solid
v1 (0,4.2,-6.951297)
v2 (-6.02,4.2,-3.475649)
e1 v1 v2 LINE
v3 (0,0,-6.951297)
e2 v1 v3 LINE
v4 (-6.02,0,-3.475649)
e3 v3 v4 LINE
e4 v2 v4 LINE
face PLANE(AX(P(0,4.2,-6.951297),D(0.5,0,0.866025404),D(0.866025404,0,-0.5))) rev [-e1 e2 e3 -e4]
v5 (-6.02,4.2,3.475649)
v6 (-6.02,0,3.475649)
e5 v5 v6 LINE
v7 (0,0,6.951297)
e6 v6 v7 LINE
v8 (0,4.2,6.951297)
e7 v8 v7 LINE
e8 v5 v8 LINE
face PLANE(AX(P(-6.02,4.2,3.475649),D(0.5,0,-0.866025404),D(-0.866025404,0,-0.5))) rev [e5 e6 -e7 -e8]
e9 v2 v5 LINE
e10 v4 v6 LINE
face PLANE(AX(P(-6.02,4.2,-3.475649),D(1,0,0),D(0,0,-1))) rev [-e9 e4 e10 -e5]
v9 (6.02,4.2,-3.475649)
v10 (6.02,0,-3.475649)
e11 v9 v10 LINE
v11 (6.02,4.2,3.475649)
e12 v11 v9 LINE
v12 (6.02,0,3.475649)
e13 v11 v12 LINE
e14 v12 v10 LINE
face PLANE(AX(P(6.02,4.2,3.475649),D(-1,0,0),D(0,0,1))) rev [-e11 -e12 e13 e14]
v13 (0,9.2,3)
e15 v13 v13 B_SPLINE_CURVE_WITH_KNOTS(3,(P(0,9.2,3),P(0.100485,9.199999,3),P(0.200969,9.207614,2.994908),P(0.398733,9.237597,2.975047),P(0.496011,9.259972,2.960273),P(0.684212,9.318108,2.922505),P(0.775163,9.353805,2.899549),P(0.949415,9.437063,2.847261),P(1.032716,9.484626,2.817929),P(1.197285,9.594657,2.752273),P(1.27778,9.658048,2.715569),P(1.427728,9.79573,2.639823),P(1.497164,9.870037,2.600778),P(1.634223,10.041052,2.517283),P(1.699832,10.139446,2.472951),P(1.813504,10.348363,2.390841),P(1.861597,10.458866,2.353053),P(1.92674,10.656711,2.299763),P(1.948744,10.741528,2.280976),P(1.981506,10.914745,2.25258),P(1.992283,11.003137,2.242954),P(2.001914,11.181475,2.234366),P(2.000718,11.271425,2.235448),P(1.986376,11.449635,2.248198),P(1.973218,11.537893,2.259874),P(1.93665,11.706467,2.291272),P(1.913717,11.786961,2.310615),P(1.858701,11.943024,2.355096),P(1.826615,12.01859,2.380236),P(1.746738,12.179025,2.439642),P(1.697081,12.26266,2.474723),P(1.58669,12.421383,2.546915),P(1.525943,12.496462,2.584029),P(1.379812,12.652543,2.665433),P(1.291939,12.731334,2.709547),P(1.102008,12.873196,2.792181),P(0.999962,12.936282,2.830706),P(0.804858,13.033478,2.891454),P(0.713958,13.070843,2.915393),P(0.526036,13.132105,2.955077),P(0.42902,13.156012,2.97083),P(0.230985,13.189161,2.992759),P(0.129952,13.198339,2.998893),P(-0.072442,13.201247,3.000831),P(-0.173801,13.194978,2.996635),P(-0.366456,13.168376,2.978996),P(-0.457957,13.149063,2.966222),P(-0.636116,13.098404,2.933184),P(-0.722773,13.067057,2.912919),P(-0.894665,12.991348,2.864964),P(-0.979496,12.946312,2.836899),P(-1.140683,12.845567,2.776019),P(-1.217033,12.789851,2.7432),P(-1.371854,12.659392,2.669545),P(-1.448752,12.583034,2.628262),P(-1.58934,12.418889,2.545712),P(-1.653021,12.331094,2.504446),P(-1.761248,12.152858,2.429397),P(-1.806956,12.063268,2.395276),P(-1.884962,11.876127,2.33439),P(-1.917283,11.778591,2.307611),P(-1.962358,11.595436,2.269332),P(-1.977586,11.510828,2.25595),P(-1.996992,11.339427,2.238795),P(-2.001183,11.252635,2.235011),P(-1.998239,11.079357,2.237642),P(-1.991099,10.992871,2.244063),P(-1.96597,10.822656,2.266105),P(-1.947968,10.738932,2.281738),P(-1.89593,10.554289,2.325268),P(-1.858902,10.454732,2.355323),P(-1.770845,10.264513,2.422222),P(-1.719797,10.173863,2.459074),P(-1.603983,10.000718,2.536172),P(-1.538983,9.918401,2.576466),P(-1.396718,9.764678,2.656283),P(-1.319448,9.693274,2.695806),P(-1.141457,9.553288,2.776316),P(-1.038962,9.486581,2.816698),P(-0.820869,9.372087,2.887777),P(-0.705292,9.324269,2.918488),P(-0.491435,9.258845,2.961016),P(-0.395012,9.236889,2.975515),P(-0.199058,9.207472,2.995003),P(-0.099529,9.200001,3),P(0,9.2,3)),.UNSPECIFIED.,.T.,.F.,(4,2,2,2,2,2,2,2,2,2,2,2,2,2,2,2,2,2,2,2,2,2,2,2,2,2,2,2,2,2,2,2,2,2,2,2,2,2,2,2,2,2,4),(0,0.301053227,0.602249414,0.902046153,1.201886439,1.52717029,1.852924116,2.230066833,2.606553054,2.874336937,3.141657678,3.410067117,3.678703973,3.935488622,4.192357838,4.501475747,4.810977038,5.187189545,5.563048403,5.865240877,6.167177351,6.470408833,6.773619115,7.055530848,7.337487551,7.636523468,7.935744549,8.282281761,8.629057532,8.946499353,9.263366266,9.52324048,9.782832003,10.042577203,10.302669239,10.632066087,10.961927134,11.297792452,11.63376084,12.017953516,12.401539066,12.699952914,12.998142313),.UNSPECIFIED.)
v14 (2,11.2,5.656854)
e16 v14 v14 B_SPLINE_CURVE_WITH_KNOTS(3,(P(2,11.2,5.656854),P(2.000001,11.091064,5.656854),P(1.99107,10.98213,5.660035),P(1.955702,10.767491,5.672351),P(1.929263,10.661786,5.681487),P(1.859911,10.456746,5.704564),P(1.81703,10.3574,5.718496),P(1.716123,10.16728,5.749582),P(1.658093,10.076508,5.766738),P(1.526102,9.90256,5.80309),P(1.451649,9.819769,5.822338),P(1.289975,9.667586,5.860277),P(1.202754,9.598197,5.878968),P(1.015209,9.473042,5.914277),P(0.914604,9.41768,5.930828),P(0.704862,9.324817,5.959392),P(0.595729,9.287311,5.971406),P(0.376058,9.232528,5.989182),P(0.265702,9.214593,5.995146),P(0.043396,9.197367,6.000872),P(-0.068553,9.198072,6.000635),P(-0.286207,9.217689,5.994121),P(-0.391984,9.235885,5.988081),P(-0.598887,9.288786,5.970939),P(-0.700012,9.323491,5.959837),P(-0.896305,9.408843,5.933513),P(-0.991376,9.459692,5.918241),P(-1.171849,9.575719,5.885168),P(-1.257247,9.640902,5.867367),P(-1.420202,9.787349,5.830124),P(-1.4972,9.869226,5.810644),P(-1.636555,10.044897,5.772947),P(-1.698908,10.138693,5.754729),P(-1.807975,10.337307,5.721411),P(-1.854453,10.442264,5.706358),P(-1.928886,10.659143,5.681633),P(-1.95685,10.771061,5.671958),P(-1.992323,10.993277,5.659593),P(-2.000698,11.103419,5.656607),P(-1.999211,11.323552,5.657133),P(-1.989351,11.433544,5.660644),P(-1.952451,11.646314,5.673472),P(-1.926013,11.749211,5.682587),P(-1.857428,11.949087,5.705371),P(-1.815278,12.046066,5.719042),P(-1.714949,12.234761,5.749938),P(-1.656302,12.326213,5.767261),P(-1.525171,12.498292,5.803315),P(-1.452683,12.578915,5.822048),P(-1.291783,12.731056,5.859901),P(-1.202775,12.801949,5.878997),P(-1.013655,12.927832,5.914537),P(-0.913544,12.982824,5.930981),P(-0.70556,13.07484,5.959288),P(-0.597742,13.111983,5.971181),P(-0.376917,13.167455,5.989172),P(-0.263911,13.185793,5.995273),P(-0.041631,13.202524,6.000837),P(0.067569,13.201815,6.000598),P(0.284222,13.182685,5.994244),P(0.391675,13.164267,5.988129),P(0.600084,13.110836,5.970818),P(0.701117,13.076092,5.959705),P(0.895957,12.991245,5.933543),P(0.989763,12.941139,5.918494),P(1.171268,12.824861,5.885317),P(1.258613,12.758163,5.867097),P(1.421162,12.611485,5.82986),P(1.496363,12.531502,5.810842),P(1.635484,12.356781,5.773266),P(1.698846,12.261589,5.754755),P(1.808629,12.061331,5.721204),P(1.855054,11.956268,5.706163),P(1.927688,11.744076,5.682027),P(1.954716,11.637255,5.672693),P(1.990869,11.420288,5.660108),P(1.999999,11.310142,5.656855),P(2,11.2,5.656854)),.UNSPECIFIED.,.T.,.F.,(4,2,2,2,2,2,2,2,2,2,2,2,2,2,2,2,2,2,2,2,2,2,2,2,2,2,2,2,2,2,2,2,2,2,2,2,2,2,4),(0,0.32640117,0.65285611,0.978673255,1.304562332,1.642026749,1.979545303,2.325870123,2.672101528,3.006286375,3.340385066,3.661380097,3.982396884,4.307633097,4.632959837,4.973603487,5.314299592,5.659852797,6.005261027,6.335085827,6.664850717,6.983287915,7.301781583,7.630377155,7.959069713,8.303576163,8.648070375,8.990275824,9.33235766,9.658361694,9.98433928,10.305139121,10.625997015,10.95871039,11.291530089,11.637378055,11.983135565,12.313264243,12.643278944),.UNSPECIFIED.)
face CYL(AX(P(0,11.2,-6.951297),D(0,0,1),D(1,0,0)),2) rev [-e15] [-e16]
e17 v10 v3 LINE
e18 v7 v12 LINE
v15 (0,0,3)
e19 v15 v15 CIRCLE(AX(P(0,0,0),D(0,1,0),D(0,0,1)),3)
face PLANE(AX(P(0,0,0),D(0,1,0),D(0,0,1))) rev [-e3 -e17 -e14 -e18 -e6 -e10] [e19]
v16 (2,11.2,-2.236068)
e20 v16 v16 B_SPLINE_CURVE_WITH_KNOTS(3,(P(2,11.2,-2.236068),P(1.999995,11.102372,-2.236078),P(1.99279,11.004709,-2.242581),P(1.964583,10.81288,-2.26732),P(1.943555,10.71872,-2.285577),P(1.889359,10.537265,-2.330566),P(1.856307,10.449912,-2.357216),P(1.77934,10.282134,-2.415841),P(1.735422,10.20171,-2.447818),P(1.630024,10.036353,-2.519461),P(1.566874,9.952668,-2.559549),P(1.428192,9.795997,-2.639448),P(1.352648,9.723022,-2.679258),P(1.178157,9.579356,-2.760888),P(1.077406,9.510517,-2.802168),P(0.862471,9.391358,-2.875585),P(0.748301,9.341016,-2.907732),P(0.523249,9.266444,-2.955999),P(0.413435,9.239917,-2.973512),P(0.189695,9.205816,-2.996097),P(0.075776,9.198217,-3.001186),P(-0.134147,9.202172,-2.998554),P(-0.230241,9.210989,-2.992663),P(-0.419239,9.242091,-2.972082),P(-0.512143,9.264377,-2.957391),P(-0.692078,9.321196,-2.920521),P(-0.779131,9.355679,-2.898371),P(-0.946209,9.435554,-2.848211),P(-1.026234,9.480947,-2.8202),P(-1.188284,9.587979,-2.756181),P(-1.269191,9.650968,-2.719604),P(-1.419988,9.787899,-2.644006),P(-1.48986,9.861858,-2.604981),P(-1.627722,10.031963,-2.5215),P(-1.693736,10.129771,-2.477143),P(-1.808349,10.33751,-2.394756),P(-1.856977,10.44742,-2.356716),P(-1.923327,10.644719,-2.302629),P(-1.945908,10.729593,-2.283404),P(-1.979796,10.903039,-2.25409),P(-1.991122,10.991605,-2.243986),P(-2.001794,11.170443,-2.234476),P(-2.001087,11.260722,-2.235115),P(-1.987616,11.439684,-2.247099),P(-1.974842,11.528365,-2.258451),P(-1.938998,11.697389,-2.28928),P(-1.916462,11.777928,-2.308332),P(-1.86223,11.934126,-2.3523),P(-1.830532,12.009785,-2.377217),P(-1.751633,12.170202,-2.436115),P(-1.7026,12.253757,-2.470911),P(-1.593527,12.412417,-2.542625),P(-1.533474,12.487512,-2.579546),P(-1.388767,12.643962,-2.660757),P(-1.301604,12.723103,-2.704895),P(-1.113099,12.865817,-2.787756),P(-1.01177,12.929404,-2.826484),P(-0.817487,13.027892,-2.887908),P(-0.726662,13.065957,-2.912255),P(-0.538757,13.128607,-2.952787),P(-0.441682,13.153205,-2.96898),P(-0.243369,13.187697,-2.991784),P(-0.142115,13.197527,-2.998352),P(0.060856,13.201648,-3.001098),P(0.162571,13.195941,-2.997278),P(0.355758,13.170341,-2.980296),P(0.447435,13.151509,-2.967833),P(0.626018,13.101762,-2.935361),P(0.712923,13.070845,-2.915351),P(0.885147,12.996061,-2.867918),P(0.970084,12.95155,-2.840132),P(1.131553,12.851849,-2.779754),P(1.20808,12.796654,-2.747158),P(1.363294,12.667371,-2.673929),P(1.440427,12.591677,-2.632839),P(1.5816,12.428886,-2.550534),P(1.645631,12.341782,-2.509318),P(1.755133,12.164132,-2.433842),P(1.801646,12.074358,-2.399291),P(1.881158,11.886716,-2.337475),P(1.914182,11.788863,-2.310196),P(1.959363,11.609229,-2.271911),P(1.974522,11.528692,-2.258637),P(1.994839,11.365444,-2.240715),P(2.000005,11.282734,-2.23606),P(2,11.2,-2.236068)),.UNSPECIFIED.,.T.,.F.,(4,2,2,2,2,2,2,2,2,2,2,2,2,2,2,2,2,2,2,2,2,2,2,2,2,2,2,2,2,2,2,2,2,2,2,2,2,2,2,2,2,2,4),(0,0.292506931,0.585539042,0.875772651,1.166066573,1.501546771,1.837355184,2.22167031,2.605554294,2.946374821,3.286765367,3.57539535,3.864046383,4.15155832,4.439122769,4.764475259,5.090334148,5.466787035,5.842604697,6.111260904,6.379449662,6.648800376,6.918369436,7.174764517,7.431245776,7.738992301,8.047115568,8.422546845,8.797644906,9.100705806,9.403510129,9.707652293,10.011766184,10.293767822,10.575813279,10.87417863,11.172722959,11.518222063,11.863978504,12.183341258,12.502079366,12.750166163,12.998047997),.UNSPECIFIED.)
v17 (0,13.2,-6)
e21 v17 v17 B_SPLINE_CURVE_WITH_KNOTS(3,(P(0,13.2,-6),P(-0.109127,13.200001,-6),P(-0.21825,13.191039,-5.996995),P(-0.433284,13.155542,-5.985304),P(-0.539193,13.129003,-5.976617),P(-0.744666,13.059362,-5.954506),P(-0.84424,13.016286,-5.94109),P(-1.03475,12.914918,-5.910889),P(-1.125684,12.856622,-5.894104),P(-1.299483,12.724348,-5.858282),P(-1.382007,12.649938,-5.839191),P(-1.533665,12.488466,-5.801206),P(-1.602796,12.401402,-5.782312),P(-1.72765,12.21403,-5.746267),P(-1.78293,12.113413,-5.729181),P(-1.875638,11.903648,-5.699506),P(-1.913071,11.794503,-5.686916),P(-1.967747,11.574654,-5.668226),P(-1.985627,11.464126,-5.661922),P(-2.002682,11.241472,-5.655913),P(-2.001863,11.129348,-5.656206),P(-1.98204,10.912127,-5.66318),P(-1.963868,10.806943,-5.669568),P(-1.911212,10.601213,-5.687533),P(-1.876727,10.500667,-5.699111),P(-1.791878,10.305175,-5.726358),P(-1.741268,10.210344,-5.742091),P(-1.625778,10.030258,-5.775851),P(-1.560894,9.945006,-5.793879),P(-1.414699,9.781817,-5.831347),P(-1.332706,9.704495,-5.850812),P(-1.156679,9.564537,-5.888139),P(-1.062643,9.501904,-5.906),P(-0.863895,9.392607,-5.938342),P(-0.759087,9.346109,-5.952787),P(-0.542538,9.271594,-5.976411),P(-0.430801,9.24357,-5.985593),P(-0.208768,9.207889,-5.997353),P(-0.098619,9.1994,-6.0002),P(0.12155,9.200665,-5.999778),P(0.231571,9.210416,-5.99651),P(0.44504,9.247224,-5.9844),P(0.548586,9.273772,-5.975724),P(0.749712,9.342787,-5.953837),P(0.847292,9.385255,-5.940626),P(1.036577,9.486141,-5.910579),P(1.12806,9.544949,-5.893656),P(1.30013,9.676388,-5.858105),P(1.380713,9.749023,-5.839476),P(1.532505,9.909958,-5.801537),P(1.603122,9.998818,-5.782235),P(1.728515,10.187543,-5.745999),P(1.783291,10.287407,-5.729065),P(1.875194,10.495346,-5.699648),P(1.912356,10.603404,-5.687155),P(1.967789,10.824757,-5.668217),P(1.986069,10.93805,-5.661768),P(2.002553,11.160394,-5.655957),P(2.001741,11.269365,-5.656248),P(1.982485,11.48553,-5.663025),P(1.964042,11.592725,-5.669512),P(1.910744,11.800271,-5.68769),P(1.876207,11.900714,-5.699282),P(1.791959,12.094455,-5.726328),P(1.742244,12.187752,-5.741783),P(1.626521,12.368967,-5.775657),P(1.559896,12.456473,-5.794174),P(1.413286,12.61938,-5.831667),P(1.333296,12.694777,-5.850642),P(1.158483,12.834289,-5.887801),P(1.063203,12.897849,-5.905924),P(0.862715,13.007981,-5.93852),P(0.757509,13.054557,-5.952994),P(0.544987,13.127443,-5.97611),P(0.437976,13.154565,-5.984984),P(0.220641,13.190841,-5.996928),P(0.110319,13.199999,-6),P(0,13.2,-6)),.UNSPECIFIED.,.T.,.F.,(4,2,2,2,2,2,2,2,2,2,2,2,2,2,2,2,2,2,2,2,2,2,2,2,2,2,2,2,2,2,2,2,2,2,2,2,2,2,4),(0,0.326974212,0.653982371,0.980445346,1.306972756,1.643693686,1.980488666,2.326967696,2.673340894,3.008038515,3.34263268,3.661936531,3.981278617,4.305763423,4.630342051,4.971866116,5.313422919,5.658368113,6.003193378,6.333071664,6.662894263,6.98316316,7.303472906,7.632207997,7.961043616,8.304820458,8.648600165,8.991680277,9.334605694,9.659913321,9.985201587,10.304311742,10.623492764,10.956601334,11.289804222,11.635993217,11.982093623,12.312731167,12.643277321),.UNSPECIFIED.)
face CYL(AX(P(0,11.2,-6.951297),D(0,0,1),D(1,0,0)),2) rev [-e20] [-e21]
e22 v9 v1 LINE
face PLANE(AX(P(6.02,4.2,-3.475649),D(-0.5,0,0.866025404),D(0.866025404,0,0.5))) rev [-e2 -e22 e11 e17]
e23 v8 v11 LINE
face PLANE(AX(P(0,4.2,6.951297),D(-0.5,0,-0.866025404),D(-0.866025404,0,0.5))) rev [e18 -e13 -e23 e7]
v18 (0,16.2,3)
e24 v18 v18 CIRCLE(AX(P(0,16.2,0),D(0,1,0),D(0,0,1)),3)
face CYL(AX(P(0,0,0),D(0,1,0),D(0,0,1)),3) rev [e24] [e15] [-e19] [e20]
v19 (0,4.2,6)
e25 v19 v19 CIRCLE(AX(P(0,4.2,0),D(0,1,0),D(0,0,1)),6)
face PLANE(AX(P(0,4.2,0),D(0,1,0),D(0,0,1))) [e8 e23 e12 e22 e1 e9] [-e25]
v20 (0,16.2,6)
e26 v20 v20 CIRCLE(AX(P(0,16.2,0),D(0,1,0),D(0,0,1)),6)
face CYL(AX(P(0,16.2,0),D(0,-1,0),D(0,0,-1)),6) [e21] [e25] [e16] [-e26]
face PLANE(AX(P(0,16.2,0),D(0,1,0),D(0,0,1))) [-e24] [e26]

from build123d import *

# Parameters (mm, degrees)
SALIENTE_EXTRUIR1_DEPTH    = 4.2
CROQUIS2_R                 = 6
SALIENTE_EXTRUIR2_DEPTH    = 12
CROQUIS3_R                 = 3
CORTAR_EXTRUIR1_DEPTH      = 19.627961062
CORTAR_EXTRUIR2_DEPTH      = 19.627961062
CORTAR_EXTRUIR2_DEPTH_BACK = 19.627961062
CROQUIS4_R                 = 2


with BuildPart() as part:
    # Croquis1 → Saliente-Extruir1 (new body)
    with BuildSketch(Plane(origin=(0, 0, 0), x_dir=(1, 0, 0), z_dir=(0, 1, 0))):
        Polygon((0, 6.951297241), (-6.02, 3.475648621), (-6.02, -3.475648621), (0, -6.951297241), (6.02, -3.475648621), (6.02, 3.475648621), align=None)
    extrude(amount=SALIENTE_EXTRUIR1_DEPTH)

    # Croquis2 → Saliente-Extruir2 (add)
    with BuildSketch(Plane(origin=(0, 4.2, 0), x_dir=(1, 0, 0), z_dir=(0, 1, 0))):
        with Locations(Location((0, 0, 0), (0, 0, 270))):
            Circle(CROQUIS2_R)
    extrude(amount=SALIENTE_EXTRUIR2_DEPTH)

    # Croquis3 → Cortar-Extruir1 (cut, through all)
    with BuildSketch(Plane(origin=(0, 16.2, 0), x_dir=(1, 0, 0), z_dir=(0, 1, 0))):
        with Locations(Location((0, 0, 0), (0, 0, 270))):
            Circle(CROQUIS3_R)
    extrude(amount=-CORTAR_EXTRUIR1_DEPTH, mode=Mode.SUBTRACT)

    # Croquis4 → Cortar-Extruir2 (cut, two sides: drawn at the far end of the back side and taken through both)
    with BuildSketch(Plane.XY.offset(-CORTAR_EXTRUIR2_DEPTH_BACK)):
        with Locations((0, 11.2)):
            Circle(CROQUIS4_R)
    extrude(amount=CORTAR_EXTRUIR2_DEPTH + CORTAR_EXTRUIR2_DEPTH_BACK, mode=Mode.SUBTRACT)


solid = part.part
